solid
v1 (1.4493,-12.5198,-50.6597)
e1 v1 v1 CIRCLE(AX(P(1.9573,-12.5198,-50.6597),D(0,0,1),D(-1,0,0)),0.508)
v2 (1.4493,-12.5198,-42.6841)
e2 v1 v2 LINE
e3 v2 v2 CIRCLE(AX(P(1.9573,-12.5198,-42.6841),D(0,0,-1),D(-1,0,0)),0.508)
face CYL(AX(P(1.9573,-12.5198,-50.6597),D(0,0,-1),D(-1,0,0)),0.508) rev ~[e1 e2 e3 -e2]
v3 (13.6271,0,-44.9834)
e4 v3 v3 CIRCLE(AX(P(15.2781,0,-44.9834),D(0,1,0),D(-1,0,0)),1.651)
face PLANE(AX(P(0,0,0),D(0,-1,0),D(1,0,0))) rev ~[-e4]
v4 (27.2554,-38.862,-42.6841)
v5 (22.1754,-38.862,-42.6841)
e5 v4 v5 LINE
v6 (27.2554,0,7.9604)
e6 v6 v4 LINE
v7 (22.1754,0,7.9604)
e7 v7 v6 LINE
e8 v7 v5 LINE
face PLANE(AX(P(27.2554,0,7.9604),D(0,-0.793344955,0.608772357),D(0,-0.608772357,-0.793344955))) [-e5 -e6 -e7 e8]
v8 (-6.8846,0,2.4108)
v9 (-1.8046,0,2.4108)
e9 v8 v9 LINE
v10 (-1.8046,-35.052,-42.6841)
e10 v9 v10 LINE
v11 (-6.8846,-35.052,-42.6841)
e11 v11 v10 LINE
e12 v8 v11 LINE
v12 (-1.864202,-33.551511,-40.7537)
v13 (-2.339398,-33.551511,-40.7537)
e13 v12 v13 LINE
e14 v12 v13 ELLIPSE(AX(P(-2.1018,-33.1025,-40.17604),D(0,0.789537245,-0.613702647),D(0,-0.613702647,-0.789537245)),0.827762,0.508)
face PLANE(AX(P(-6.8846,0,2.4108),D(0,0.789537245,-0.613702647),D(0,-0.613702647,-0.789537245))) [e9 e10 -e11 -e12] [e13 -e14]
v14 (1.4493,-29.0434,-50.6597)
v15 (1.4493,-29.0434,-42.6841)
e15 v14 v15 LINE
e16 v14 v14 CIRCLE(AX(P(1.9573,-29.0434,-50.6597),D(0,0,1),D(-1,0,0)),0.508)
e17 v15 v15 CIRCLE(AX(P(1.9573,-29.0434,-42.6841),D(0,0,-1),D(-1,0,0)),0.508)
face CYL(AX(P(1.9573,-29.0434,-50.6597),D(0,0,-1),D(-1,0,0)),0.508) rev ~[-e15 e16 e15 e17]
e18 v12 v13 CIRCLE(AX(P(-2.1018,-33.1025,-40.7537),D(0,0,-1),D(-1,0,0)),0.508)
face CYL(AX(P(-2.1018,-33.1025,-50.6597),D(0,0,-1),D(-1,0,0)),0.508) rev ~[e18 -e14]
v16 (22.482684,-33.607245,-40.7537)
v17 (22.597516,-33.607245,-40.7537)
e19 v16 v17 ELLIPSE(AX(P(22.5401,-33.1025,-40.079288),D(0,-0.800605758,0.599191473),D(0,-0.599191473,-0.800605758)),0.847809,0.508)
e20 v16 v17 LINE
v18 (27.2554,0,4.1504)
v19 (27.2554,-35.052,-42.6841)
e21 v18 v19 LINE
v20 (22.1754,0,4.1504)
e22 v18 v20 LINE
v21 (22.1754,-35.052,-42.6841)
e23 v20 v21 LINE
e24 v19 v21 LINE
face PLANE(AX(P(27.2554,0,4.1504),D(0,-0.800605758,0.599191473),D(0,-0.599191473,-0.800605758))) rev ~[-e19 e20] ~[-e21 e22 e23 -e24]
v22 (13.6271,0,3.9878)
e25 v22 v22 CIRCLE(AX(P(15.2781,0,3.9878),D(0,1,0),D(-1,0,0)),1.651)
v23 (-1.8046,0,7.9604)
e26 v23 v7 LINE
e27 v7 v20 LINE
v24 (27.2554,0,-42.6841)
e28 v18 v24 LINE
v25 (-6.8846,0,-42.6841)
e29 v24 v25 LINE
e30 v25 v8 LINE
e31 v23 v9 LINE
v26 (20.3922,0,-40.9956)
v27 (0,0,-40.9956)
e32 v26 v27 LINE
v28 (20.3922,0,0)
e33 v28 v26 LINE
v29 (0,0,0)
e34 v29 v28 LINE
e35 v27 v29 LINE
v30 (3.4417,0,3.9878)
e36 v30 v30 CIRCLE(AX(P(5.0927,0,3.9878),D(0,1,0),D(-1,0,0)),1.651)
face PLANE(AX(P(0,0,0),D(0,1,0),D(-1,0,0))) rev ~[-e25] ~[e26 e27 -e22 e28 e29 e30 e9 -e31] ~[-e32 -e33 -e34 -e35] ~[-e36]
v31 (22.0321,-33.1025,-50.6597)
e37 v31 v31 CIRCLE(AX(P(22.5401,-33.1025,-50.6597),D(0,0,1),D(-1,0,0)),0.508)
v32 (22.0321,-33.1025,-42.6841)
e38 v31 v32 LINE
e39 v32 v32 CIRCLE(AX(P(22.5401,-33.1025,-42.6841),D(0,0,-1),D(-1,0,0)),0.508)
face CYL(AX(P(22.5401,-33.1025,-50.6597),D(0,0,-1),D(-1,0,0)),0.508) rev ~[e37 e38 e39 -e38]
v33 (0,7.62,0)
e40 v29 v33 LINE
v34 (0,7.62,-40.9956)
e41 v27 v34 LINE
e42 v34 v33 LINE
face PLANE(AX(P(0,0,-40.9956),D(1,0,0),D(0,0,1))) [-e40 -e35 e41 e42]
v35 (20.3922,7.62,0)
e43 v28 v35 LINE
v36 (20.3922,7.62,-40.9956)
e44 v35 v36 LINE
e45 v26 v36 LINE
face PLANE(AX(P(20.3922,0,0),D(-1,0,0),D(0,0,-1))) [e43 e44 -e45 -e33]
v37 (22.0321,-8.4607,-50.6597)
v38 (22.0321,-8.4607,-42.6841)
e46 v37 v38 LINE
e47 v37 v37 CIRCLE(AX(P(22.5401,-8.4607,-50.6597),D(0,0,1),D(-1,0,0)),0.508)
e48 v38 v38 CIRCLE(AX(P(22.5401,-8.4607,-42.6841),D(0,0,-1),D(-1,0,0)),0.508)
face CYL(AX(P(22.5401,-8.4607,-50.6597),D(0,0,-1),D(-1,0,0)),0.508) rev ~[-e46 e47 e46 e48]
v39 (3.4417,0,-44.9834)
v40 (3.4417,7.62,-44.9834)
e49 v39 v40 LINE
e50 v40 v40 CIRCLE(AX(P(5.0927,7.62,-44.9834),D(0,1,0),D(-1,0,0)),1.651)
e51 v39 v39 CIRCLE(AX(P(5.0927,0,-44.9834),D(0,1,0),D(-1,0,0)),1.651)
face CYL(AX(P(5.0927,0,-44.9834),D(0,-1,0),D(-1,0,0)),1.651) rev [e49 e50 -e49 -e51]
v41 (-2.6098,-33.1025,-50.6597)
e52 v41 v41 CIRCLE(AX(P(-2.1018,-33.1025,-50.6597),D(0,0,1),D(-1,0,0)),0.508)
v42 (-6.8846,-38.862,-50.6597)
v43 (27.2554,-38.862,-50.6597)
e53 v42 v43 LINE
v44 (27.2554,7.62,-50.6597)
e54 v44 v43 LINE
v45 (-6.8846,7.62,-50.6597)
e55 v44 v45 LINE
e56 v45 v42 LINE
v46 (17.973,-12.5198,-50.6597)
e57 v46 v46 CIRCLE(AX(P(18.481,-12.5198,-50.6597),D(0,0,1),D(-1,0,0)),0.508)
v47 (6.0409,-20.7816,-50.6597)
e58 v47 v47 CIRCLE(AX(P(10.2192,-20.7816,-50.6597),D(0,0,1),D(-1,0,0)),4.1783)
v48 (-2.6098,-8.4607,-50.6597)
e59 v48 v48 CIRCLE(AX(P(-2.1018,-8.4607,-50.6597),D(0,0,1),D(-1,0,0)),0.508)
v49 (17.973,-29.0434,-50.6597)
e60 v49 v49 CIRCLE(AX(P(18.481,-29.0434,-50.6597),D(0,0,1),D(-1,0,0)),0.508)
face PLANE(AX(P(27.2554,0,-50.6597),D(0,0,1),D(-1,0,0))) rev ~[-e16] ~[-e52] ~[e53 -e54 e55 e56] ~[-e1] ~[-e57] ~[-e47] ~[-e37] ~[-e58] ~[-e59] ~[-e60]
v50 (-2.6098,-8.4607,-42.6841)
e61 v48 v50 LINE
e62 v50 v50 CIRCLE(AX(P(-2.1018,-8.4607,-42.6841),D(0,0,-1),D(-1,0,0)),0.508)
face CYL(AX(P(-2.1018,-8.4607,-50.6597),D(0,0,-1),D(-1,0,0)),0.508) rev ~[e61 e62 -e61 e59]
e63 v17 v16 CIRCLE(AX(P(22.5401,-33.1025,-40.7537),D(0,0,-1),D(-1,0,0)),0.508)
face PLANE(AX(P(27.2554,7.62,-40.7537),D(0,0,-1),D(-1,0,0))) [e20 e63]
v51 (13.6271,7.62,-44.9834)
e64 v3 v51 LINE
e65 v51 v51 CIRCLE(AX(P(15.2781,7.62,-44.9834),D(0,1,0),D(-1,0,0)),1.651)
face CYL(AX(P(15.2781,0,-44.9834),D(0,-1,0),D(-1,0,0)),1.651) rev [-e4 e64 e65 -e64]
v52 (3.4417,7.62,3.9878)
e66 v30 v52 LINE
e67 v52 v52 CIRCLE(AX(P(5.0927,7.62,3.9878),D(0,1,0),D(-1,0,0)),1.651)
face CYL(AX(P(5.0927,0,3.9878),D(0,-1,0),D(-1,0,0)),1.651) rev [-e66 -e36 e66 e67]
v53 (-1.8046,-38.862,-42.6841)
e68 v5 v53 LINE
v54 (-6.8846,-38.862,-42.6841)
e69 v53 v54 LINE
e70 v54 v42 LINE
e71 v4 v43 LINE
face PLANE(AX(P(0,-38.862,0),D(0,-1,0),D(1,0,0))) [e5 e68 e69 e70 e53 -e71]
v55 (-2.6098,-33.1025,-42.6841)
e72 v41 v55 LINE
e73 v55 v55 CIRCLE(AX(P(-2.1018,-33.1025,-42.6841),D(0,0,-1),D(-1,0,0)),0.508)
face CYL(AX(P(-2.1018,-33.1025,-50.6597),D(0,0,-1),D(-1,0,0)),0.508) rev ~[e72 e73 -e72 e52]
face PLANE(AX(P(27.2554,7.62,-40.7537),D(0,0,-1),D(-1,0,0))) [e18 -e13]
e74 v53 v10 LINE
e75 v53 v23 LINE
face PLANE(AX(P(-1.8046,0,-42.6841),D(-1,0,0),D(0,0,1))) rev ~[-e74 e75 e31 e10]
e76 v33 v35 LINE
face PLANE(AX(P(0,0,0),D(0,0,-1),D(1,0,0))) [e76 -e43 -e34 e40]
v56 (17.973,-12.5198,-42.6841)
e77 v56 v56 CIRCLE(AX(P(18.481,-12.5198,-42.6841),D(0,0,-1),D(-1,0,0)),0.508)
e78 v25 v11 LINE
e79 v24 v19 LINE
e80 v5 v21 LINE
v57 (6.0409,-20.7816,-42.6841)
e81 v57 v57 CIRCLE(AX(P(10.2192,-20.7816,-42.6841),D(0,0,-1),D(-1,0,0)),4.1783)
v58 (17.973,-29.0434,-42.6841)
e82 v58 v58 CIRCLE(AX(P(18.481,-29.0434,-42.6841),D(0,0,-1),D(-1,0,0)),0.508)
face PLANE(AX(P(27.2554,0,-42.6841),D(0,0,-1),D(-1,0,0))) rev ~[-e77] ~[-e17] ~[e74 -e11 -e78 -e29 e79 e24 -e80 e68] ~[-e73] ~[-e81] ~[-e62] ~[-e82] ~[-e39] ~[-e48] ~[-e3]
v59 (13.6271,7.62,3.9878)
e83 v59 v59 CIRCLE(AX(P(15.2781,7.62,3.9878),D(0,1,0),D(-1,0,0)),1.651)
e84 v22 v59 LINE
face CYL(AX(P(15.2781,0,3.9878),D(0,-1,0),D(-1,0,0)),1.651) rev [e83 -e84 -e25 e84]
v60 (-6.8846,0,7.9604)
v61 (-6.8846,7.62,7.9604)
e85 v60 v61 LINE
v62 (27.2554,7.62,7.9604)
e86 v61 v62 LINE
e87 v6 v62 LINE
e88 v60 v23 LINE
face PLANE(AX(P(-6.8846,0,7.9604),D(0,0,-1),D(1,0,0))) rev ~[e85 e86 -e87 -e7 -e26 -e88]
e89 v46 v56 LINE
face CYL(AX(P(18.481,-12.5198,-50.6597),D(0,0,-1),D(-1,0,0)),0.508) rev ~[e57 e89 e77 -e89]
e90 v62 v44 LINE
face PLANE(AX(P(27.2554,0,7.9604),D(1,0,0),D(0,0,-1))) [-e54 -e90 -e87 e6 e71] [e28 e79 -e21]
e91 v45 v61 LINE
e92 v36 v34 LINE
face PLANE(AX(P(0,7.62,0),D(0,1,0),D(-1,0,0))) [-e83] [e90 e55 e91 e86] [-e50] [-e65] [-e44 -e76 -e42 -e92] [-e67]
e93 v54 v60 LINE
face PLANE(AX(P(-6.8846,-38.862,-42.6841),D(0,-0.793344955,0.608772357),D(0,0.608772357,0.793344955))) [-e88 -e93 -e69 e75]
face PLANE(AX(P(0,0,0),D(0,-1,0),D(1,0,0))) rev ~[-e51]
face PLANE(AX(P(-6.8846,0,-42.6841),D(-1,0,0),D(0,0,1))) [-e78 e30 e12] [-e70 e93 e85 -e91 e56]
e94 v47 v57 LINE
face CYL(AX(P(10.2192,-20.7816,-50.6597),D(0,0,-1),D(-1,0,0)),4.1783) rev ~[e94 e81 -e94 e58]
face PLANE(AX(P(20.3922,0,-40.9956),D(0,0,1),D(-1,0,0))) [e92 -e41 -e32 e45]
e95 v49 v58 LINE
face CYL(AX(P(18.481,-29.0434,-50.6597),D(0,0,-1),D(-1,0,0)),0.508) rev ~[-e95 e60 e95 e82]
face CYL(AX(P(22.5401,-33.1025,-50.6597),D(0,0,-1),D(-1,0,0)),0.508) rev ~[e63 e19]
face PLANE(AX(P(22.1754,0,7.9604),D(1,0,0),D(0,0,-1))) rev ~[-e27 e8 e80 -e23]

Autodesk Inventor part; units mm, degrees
ref_plane "YZ Plane" through (0, 0, 0) normal (1, 0, 0) x (0, 1, 0)
ref_plane "XZ Plane" through (0, 0, 0) normal (0, 1, 0) x (-1, 0, 0)
ref_plane "XY Plane" through (0, 0, 0) normal (0, 0, 1) x (1, 0, 0)
sketch "Sketch1" plane through (0, 0, 0) normal (0, 1, 0) x (-1, 0, 0)
  line L0 (0, 0) -> (-20.3922, 0)
  line L1 (-20.3922, 0) -> (-20.3922, -40.9956)
  line L2 (-20.3922, -40.9956) -> (0, -40.9956)
  line L3 (0, -40.9956) -> (0, 0)
  line L4 (1.8083, 7.7679) -> (6.8846, 7.9604)
  line L5 (-22.5838, -48.6642) -> (-27.2554, -50.6597)
  line L6 (6.8846, 7.9604) -> (-27.2554, 7.9604)
  line L7 (-27.2554, 7.9604) -> (-27.2554, -50.6597)
  line L8 (-27.2554, -50.6597) -> (6.8846, -50.6597)
  line L9 (6.8846, -50.6597) -> (6.8846, 7.9604)
  circle A0 centre (-5.0927, 3.9878) radius 1.651
  circle A1 centre (-15.2781, 3.9878) radius 1.651
  circle A2 centre (-5.0927, -44.9834) radius 1.651
  circle A3 centre (-15.2781, -44.9834) radius 1.651
  dimension "d0" = 40.9956
  dimension "d2" = 7.9756
  dimension "d3" = 5.08
  dimension "d4" = 7.9756
  dimension "d5" = 5.08
  dimension "d6" = 3.302
  dimension "d7" = 3.302
  dimension "d8" = 3.302
  dimension "d9" = 3.302
  dimension "d24" = 6.8846
  dimension "d25" = 6.8633
extrude "Extrusion1" add sketch "Sketch1" along normal blind 7.62
sketch "Sketch2" plane through (0, 0, 0) normal (0, -1, 0) x (1, 0, 0)
  line L0 (27.2554, 7.9604) -> (27.2554, -50.6597) projected
  line L1 (27.2554, -42.6841) -> (-6.8846, -42.6841)
  line L2 (-6.8846, -42.6841) -> (-6.8846, -50.6597)
  line L3 (-6.8846, -50.6597) -> (27.2554, -50.6597)
  line L4 (27.2554, -50.6597) -> (27.2554, -42.6841)
  point P0 (0, 0)
extrude "Extrusion2" add sketch "Sketch2" along normal blind 38.862
sketch "Sketch3" plane through (27.2554, 0, 7.9604) normal (1, 0, 0) x (0, 0, -1)
  line L0 (0, 0) -> (50.6445, -38.862)
  line L1 (50.6445, -38.862) -> (50.6445, -35.052)
  line L2 (50.6445, 0) -> (50.6445, -38.862) projected
  line L3 (0, 0) -> (3.81, 0)
  line L4 (0, 0) -> (50.6445, 0) projected
  line L5 (3.81, 0) -> (50.6445, -35.052)
  point P0 (7.9604, 0)
  dimension "d14" = 3.81
  dimension "d15" = 3.81
extrude "Extrusion3" add sketch "Sketch3" against normal blind 5.08 contours L3 L5 L1 L0
sketch "Sketch4" plane through (-6.8846, 0, -42.6841) normal (-1, 0, 0) x (0, 0, 1)
  line L0 (0, -38.862) -> (0, -35.052)
  line L1 (0, 0) -> (0, -38.862) projected
  line L2 (48.9049, 0) -> (45.0949, 0)
  line L3 (0, 0) -> (50.6445, 0) projected
  line L4 (45.0949, 0) -> (0, -35.052)
  line L5 (0, -38.862) -> (50.6445, 0)
  line L6 (50.6445, 0) -> (45.0949, 0)
  point P0 (42.6841, 0)
  dimension "d18" = 3.81
  dimension "d19" = 3.81
extrude "Extrusion4" add sketch "Sketch4" against normal blind 5.08 contours L0 L4 L2 L3 L5
sketch "Sketch5" plane through (27.2554, 7.62, -50.6597) normal (0, 0, -1) x (-1, 0, 0)
  line L0 (2.6344, -13.9998) -> (31.438, -13.9998)
  line L1 (31.438, -13.9998) -> (31.438, -42.8034)
  line L2 (31.438, -42.8034) -> (2.6344, -42.8034)
  line L3 (2.6344, -42.8034) -> (2.6344, -13.9998)
  line L4 (31.438, -13.9998) -> (2.6344, -42.8034)
  line L5 (2.6344, -13.9998) -> (31.438, -42.8034)
  line L6 (17.0362, -28.4016) -> (25.2981, -20.1398)
  line L7 (17.0362, -28.4016) -> (8.7744, -20.1398)
  line L8 (17.0362, -28.4016) -> (8.7744, -36.6634)
  line L9 (17.0362, -28.4016) -> (25.2981, -36.6634)
  line L10 (17.0362, -28.4016) -> (29.3572, -16.0807)
  line L11 (17.0362, -28.4016) -> (4.7153, -16.0807)
  line L12 (17.0362, -28.4016) -> (4.7153, -40.7225)
  line L13 (17.0362, -28.4016) -> (29.3572, -40.7225)
  circle A0 centre (25.2981, -20.1398) radius 0.508
  circle A1 centre (29.3572, -16.0807) radius 0.508
  circle A2 centre (4.7153, -16.0807) radius 0.508
  circle A3 centre (8.7744, -20.1398) radius 0.508
  circle A4 centre (8.7744, -36.6634) radius 0.508
  circle A5 centre (4.7153, -40.7225) radius 0.508
  line L14 (17.0362, -28.4016) -> (25.2981, -36.6634)
  circle A6 centre (25.2981, -36.6634) radius 0.508
  circle A7 centre (29.3572, -40.7225) radius 0.508
  circle A8 centre (17.0362, -28.4016) radius 4.1783
  point P0 (27.2554, -7.62)
  dimension "d22" = 28.8036
  dimension "d26" = 28.8036
  dimension "d27" = 11.684
  dimension "d28" = 11.684
  dimension "d29" = 11.684
  dimension "d30" = 17.4244
  dimension "d31" = 17.4244
  dimension "d32" = 17.4244
  dimension "d33" = 17.4244
  dimension "d34" = 1.016
  dimension "d35" = 1.016
  dimension "d36" = 1.016
  dimension "d37" = 1.016
  dimension "d38" = 1.016
  dimension "d39" = 1.016
  dimension "d40" = 11.684
  dimension "d41" = 1.016
  dimension "d42" = 1.016
  dimension "d43" = 8.3566
extrude "Extrusion5" cut sketch "Sketch5" against normal blind 9.906 contours A2 L5 | L5 A2 | A1 L4 | L4 A1 | A5 L4 | L4 A5 | A7 L5 | L5 A7 | A3 L5 | L5 A3 | A0 L4 | L4 A0 | A4 L4 | L4 A4 | A6 L5 | L5 A6 | A8 L4 L5 | L5 L4 A8 | A8 L5 L4 | L4 L5 A8
